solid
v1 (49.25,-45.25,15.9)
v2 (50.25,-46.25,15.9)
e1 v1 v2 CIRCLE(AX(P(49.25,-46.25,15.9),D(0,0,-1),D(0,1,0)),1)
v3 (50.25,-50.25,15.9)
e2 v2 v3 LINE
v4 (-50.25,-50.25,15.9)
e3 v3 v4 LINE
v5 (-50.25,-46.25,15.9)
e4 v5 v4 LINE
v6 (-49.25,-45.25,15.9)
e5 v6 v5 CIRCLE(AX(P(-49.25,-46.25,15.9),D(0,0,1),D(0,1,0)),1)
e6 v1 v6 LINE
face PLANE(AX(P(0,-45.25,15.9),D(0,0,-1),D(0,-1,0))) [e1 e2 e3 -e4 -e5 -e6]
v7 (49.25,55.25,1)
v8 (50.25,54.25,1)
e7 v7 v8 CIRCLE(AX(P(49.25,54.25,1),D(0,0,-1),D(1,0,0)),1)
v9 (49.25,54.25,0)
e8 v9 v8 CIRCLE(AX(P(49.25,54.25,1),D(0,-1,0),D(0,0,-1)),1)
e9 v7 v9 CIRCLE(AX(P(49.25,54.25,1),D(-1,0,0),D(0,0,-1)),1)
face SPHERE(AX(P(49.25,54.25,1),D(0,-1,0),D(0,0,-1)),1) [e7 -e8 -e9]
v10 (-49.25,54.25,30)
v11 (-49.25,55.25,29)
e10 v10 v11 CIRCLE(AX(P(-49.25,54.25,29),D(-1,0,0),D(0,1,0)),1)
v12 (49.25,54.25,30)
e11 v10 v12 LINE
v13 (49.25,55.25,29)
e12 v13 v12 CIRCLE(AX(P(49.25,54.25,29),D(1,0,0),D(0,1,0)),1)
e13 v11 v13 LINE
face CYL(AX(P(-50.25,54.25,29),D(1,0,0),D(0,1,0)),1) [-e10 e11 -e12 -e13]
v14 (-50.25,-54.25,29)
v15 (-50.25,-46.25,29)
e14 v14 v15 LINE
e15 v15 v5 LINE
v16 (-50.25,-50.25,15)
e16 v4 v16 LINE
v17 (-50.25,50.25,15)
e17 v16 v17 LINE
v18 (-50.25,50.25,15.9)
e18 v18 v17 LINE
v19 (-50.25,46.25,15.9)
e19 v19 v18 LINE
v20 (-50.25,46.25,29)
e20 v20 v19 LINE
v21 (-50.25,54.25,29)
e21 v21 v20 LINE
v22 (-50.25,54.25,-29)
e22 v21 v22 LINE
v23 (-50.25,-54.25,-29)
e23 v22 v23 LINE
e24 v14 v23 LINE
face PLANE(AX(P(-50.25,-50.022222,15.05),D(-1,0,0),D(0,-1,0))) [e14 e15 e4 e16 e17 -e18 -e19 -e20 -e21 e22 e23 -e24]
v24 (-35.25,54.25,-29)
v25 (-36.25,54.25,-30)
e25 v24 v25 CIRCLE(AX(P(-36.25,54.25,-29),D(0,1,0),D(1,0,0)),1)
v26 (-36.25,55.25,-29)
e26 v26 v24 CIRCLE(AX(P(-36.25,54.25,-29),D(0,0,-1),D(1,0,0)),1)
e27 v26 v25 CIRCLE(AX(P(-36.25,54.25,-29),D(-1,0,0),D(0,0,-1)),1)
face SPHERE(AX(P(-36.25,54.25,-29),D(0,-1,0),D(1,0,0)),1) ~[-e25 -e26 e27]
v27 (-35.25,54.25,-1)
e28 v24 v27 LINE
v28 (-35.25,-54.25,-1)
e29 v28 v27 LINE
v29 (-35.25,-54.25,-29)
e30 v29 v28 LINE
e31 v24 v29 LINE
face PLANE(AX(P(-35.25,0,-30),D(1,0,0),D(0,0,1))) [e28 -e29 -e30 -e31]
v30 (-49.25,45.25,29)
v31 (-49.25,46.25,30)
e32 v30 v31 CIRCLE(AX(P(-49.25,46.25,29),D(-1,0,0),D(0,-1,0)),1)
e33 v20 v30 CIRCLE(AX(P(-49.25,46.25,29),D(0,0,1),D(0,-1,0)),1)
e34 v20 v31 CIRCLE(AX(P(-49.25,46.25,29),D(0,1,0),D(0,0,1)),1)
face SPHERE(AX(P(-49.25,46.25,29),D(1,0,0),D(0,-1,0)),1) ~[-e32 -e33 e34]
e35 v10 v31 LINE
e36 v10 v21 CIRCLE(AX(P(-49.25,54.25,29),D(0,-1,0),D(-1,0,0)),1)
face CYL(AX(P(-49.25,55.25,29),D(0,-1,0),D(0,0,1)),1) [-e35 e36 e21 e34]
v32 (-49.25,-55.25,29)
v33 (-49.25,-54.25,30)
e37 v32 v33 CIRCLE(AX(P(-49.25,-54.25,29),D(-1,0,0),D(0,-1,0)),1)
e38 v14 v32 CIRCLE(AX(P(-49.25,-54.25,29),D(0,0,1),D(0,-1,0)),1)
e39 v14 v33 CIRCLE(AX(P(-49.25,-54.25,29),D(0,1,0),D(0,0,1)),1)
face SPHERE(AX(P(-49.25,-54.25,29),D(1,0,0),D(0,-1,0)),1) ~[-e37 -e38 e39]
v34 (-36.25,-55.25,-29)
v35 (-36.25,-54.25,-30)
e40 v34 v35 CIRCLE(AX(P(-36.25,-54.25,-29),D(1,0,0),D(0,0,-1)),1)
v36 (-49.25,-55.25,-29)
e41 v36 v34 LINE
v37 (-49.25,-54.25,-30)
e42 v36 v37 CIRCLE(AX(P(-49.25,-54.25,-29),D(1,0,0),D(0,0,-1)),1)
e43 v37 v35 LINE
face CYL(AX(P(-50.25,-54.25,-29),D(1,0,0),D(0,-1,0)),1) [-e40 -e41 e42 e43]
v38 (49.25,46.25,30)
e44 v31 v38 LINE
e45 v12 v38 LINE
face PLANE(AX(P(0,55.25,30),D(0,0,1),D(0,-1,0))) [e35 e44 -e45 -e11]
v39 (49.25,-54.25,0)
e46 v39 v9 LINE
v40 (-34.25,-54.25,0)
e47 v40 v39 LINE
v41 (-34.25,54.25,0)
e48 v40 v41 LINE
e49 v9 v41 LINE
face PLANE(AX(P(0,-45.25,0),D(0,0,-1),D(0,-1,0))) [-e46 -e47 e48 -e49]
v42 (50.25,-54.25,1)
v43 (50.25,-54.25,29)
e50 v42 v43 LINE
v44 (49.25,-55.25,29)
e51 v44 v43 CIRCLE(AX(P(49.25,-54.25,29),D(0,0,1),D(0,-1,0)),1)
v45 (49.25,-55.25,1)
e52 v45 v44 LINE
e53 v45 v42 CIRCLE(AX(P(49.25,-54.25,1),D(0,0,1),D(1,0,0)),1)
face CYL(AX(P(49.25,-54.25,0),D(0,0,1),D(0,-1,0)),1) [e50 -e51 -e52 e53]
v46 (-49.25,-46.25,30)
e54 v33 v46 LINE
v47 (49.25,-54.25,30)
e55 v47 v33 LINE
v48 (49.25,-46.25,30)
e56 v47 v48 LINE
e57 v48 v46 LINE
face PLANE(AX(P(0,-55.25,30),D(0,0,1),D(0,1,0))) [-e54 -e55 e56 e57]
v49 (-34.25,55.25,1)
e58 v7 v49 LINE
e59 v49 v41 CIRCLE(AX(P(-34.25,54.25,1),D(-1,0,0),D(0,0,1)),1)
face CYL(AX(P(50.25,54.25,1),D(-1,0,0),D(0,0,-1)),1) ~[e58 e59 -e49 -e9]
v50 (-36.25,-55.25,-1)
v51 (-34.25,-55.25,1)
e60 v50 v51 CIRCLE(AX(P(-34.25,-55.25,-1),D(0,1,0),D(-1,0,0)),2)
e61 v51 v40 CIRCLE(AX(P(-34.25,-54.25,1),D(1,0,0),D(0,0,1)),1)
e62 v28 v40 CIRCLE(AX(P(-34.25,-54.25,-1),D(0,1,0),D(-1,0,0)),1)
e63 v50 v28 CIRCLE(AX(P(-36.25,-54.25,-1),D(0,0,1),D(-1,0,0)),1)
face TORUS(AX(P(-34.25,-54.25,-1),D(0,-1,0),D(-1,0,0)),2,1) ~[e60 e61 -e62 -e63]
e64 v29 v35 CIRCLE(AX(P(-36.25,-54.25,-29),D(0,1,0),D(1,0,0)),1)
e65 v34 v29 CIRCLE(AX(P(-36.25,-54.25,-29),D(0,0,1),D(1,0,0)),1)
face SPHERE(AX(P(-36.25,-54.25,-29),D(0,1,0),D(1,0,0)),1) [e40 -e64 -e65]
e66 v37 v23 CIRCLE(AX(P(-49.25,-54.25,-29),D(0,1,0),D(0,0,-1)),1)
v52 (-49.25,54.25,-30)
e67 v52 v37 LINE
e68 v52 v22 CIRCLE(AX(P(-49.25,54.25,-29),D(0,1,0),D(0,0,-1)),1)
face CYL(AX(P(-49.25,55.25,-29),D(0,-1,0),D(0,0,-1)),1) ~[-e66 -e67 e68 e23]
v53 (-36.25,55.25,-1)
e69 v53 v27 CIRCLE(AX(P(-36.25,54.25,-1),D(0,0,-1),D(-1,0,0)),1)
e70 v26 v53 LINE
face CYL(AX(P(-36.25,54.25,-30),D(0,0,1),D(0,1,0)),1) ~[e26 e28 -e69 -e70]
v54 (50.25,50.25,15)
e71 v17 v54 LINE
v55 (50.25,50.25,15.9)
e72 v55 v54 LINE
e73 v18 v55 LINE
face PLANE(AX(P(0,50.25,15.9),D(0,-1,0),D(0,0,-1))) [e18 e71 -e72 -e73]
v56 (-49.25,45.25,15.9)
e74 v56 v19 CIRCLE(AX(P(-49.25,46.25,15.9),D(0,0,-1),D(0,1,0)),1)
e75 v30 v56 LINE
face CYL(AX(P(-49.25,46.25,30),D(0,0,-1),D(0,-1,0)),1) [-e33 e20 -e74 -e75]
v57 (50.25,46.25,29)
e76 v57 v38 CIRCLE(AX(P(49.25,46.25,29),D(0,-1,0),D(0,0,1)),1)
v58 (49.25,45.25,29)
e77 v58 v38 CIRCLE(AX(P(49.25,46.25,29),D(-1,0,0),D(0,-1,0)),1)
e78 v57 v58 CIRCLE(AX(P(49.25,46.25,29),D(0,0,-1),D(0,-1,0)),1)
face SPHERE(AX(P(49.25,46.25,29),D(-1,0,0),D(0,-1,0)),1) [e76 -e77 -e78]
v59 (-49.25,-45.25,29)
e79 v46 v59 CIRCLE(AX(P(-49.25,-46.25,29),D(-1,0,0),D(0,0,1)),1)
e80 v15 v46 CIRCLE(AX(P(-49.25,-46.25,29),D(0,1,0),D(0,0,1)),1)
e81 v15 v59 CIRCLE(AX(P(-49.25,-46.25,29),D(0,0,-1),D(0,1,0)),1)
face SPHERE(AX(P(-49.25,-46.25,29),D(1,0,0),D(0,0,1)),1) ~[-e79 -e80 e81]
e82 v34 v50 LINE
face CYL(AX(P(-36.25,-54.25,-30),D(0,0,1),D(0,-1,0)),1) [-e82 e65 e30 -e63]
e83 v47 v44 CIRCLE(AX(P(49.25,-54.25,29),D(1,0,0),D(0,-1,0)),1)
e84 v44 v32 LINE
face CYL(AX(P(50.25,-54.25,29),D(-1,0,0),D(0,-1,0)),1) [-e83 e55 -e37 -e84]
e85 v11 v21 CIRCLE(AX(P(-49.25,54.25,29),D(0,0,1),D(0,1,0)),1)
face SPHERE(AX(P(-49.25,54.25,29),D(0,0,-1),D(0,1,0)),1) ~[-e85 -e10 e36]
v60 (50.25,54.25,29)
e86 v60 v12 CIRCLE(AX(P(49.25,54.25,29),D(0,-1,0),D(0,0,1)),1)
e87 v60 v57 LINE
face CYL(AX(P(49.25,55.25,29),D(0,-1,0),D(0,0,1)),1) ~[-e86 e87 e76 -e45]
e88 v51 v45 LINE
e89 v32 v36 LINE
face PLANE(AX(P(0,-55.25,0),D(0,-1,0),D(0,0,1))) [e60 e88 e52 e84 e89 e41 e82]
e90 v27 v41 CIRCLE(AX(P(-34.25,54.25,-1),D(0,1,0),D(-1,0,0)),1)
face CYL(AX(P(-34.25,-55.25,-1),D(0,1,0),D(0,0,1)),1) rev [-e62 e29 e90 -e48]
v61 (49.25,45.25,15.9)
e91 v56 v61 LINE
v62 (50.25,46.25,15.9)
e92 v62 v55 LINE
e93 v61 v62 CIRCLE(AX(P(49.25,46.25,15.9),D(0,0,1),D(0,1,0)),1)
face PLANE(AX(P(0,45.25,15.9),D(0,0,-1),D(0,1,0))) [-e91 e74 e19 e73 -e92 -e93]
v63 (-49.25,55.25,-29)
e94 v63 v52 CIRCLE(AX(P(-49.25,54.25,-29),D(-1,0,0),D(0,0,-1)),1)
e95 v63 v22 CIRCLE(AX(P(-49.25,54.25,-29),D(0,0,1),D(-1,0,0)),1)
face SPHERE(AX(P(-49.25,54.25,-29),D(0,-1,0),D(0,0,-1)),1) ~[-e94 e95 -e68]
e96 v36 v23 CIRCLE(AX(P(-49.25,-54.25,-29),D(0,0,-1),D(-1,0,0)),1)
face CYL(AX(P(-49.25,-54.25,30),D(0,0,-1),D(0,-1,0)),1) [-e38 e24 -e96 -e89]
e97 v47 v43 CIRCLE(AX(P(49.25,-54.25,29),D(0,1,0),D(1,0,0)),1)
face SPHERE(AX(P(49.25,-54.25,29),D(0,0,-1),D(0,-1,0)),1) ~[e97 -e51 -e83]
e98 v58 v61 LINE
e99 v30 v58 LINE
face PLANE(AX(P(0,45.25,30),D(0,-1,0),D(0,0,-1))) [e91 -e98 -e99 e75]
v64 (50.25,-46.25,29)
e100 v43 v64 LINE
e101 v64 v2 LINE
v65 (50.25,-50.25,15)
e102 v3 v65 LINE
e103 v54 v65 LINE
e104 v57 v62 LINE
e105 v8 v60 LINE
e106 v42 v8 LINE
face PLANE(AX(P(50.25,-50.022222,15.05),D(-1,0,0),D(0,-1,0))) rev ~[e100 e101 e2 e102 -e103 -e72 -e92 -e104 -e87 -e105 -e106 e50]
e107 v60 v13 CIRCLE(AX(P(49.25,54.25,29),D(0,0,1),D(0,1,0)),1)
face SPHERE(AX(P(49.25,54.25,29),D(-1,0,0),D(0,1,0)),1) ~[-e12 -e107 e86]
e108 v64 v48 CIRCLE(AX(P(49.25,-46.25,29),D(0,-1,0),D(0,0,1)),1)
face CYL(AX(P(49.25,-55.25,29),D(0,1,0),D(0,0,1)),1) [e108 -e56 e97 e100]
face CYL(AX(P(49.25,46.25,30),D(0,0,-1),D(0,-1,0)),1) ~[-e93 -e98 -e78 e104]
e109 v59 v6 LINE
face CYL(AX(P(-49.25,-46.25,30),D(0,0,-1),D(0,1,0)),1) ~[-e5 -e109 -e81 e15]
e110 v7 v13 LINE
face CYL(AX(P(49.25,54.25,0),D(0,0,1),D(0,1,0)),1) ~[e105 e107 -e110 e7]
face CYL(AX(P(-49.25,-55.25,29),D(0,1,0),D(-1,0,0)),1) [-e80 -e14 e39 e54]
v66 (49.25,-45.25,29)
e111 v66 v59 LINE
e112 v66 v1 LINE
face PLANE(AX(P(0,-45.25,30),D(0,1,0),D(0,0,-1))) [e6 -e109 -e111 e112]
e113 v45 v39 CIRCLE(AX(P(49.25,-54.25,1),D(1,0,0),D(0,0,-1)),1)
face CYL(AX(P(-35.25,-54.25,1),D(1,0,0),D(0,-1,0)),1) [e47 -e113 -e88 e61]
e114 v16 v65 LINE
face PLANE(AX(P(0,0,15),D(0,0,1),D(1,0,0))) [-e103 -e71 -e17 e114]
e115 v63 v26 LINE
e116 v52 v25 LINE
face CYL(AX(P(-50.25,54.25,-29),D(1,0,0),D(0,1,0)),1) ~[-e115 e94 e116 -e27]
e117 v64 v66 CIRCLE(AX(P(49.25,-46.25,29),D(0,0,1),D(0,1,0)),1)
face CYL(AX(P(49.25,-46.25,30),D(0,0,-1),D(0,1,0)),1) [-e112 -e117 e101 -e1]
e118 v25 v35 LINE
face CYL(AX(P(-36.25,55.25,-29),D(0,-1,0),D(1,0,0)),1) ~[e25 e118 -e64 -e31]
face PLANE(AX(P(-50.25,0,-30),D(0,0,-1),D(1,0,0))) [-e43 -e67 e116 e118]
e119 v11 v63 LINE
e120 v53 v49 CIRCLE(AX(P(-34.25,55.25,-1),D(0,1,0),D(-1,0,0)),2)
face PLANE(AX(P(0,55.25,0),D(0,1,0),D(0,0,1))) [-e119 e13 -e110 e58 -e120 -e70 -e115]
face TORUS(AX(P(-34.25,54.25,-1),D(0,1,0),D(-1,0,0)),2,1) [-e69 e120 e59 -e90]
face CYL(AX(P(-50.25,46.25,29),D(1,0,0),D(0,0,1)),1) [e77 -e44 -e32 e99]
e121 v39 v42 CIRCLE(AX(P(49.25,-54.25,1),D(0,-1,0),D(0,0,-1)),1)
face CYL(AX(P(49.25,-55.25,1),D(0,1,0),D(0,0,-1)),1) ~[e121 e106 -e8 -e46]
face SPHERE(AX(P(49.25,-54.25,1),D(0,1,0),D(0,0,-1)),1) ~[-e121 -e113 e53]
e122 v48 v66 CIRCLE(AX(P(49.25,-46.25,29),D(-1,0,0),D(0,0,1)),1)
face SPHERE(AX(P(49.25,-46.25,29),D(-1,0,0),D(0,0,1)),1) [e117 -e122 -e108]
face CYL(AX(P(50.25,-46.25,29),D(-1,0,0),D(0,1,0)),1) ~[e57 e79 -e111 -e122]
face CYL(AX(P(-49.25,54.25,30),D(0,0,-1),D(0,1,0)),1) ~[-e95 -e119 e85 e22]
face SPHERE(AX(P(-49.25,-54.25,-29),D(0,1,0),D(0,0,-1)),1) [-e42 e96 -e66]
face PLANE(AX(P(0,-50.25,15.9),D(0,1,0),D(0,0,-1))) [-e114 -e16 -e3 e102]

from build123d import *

# Parameters (mm, degrees)
EXTRUDE001_DEPTH = 50.25
SKETCH_W         = 100.5
SKETCH_H         = 100.5
EXTRUDE_DEPTH    = 15
SKETCH002_W      = 15
SKETCH002_H      = 30
EXTRUDE002_DEPTH = 55.25
FILLET_R         = 1


with BuildPart() as extrude001:
    # Sketch001 (on Sketch) → Extrude001 (new body, symmetric)
    with BuildSketch(Plane.YZ):
        Polygon((-55.25, 0), (-55.25, 30), (-45.25, 30), (-45.25, 15.9), (-50.25, 15.9), (-50.25, 15), (-45.25, 15), (-45.25, 0), align=None)
        Polygon((55.25, 0), (55.25, 30), (45.25, 30), (45.25, 15.9), (50.25, 15.9), (50.25, 15), (45.25, 15), (45.25, 0), align=None)
    extrude(amount=EXTRUDE001_DEPTH, both=True)


with BuildPart() as fusion:
    # Sketch → Extrude (new body)
    with BuildSketch(Plane.XY):
        Rectangle(SKETCH_W, SKETCH_H)
    extrude(amount=EXTRUDE_DEPTH)

    # Fusion: union Extrude001
    add(extrude001.part)


with BuildPart() as fillet_body:
    # Sketch002 → Extrude002 (new body, symmetric)
    with BuildSketch(Plane.XZ):
        with Locations((-42.75, -15)):
            Rectangle(SKETCH002_W, SKETCH002_H)
    extrude(amount=EXTRUDE002_DEPTH, both=True)

    # Fusion001: union Fusion
    add(fusion.part)

    # Fillet
    fillet_edges = [fillet_body.edges().sort_by_distance(p)[0] for p in [
        (-35.25, 0, 0),
        (-35.25, 0, -30),
        (-35.25, 55.25, -15),
        (-35.25, -55.25, -15),
        (-50.25, 0, -30),
        (-42.75, 55.25, -30),
        (-42.75, -55.25, -30),
        (50.25, 0, 0),
        (7.5, -55.25, 0),
        (7.5, 55.25, 0),
        (-50.25, 55.25, 0),
        (0, 55.25, 30),
        (50.25, 55.25, 15),
        (0, 45.25, 30),
        (50.25, 45.25, 22.95),
        (-50.25, 45.25, 22.95),
        (50.25, 50.25, 30),
        (-50.25, 50.25, 30),
        (50.25, -55.25, 15),
        (0, -55.25, 30),
        (-50.25, -55.25, 0),
        (0, -45.25, 30),
        (50.25, -50.25, 30),
        (-50.25, -50.25, 30),
        (50.25, -45.25, 22.95),
        (-50.25, -45.25, 22.95),
    ]]
    fillet(fillet_edges, radius=FILLET_R)


solid = fillet_body.part
